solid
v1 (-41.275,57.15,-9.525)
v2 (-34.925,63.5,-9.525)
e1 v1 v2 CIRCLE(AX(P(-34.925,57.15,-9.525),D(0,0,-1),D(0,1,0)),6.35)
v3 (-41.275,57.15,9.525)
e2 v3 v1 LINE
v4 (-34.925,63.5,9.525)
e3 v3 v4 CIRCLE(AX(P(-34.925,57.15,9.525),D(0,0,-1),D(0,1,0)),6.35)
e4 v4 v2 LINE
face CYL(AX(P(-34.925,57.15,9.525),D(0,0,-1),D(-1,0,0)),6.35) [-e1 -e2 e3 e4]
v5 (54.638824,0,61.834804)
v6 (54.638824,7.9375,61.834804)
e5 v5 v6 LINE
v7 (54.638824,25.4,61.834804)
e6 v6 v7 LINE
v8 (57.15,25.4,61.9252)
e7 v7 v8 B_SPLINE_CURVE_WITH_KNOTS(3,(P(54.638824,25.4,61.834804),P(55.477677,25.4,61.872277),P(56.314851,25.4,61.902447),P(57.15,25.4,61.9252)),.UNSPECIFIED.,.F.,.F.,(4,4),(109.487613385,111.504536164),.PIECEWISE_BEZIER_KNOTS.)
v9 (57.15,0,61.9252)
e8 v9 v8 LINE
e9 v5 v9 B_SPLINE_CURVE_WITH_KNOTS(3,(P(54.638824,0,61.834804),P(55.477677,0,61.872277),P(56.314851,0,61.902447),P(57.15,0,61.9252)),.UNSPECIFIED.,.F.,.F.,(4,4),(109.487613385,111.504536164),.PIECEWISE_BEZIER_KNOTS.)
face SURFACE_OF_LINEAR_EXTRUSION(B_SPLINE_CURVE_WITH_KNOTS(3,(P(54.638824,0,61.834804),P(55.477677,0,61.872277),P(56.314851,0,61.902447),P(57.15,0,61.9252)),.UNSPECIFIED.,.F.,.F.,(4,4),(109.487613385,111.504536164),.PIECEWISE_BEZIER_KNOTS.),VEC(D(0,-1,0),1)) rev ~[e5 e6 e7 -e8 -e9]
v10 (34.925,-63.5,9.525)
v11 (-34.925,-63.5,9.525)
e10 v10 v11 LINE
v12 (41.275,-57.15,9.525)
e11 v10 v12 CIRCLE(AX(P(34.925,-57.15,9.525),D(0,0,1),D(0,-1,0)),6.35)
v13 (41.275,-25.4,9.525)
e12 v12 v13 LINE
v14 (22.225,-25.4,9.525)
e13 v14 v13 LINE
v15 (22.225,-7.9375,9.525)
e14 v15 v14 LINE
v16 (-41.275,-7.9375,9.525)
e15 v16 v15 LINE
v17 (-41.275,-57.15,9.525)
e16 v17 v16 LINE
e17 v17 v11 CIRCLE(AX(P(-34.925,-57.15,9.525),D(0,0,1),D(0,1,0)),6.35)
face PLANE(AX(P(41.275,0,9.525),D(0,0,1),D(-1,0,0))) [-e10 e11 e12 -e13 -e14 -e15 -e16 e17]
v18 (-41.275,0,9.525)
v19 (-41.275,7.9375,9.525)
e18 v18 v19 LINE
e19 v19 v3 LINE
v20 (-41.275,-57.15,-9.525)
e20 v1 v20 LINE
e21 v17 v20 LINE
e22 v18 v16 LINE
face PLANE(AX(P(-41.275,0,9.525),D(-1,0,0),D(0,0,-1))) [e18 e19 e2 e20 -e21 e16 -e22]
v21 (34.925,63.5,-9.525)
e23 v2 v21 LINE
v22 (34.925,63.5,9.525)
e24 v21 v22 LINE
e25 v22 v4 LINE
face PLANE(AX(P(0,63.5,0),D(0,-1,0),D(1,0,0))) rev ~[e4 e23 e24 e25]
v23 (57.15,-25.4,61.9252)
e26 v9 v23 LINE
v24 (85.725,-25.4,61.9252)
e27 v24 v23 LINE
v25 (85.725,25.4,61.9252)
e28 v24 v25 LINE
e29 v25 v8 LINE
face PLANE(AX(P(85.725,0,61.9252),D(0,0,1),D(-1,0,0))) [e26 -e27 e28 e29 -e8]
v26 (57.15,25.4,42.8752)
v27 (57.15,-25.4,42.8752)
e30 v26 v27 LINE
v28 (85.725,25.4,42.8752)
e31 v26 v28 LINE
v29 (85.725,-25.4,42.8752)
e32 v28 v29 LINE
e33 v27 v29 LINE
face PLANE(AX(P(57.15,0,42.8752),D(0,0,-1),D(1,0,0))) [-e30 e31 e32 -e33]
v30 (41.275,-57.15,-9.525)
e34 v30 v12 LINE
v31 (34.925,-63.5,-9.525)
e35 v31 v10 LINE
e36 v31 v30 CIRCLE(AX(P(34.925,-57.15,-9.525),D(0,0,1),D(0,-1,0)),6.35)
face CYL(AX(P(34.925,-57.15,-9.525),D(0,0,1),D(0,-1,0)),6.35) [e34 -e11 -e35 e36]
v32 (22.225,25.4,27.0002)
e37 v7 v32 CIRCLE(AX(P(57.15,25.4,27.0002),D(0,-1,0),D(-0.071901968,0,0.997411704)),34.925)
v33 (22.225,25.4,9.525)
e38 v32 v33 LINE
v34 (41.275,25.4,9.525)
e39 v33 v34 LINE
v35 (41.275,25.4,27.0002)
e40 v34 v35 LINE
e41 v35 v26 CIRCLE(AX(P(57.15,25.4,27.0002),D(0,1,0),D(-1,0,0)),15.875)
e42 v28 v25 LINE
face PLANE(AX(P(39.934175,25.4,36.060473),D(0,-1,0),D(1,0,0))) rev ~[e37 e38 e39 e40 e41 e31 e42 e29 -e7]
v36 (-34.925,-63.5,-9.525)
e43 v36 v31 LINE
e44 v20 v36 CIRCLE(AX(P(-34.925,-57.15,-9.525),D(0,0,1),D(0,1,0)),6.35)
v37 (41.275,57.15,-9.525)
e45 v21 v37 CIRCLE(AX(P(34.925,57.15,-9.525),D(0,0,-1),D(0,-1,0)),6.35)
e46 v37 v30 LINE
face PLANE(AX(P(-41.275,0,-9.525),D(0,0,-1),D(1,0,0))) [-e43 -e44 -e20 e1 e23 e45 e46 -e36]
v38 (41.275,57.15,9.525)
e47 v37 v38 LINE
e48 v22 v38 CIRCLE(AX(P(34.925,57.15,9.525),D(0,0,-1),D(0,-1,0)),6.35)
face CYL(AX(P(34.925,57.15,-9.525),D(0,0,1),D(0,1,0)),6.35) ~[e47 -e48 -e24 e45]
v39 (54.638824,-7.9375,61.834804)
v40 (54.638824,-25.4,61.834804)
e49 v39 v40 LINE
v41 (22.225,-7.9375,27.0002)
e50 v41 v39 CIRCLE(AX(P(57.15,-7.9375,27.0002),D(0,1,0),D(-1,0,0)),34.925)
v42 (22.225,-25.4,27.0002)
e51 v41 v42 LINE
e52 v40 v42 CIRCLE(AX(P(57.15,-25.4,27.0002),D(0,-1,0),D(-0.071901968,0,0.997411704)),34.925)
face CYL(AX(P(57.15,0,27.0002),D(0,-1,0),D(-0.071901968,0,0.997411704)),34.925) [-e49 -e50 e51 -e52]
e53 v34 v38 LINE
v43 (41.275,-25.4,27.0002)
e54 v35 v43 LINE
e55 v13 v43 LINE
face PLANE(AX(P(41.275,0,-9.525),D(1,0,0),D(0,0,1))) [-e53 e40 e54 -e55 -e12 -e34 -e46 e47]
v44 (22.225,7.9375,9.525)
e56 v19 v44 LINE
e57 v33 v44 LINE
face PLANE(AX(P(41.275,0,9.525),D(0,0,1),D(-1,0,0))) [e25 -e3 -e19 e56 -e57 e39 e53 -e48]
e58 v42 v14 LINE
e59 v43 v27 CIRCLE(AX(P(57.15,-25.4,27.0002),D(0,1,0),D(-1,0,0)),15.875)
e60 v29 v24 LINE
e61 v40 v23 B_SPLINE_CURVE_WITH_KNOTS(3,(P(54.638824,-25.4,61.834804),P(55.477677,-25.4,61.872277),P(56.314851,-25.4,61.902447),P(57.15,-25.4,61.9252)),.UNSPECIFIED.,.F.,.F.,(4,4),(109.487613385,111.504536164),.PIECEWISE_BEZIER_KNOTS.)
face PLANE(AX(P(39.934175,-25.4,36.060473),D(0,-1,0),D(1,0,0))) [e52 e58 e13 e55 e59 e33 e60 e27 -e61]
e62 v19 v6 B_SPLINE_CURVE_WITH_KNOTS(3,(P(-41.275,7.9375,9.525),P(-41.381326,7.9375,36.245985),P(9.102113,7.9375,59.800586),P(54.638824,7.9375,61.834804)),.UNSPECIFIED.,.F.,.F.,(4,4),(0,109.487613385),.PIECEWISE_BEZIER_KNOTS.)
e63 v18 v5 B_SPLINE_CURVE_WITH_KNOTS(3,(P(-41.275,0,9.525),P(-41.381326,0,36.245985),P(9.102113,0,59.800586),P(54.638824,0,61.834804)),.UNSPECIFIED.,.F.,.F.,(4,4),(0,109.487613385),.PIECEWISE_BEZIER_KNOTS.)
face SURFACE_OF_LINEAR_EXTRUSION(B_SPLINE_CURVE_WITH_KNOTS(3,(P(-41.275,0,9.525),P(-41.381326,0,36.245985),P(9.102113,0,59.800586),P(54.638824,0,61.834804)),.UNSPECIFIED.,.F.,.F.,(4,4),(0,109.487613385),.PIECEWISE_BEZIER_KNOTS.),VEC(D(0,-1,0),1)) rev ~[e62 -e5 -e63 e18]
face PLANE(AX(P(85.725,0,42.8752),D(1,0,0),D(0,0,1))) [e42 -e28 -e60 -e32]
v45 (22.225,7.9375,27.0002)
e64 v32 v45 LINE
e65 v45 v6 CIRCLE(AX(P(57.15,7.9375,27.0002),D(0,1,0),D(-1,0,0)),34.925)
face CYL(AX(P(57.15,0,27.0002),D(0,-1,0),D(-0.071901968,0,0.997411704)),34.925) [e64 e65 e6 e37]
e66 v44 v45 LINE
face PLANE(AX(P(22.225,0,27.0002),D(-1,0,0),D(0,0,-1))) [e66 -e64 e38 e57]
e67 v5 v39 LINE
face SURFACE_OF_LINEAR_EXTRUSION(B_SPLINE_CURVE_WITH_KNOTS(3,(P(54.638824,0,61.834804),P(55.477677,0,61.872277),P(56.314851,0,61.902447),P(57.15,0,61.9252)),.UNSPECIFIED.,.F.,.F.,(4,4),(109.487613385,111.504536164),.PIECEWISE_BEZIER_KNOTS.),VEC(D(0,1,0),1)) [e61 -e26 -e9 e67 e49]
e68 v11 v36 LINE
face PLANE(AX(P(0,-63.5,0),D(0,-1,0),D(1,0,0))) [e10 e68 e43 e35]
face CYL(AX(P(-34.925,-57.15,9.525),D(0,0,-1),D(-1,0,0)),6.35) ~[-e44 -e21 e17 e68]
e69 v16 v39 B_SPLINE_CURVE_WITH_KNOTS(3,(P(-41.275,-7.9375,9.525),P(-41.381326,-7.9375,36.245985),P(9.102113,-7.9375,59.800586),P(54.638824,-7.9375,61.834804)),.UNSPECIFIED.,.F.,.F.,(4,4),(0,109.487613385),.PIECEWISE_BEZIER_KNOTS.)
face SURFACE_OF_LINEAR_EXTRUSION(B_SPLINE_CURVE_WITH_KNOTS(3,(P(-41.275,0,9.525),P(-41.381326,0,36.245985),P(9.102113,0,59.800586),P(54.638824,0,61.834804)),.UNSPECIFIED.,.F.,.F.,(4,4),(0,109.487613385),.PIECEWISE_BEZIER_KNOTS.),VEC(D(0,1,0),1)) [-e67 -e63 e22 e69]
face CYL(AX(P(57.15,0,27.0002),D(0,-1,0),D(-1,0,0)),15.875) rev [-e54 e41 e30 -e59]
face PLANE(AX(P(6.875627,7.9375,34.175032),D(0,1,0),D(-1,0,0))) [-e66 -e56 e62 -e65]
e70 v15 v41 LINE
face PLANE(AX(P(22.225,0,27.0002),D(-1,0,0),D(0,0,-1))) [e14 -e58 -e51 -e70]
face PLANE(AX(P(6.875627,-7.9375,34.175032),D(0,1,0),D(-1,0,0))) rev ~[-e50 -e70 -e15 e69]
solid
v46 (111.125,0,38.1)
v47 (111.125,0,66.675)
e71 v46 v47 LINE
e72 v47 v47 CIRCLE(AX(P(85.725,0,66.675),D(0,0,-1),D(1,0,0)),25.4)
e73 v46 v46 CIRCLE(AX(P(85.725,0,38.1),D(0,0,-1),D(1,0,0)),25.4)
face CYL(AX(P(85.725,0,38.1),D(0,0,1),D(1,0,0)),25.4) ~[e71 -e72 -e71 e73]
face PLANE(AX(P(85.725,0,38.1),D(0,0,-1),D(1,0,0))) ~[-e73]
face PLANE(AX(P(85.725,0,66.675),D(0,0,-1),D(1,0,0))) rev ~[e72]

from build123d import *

# Parameters (mm, degrees)
F1_DEPTH = 63.5
F0_W     = 25.4
F0_H     = 19.05
F2_DEPTH = 25.4
F3_DEPTH = 7.9375
F5_R     = 6.35


with BuildPart() as f1:
    # F0 (on Front) → F1 (new body, symmetric)
    with BuildSketch(Plane.XZ):
        Polygon((22.225, 9.525), (-41.275, 9.525), (-41.275, -9.525), (41.275, -9.525), (41.275, 9.525), align=None)
    extrude(amount=F1_DEPTH, both=True)

    # F0 (on Front) → F2 (join, symmetric)
    with BuildSketch(Plane.XZ):
        with BuildLine():
            Line((22.225, 27.0002), (22.225, 9.525))
            Line((22.225, 9.525), (41.275, 9.525))
            Line((41.275, 9.525), (41.275, 27.0002))
            ThreePointArc((41.275, 27.0002), (45.9246798487, 38.2255201513), (57.15, 42.8752))
            Line((57.15, 42.8752), (60.325, 42.8752))
            Line((60.325, 42.8752), (60.325, 61.9252))
            Line((60.325, 61.9252), (57.15, 61.9252))
            add(Edge.make_bspline(
                [(54.638823753, 61.8348037563), (55.4776769028, 61.8722770374), (56.3148513776, 61.9024473643), (57.15, 61.9252)],
                knots=[109.4876133849, 109.4876133849, 109.4876133849, 109.4876133849, 111.5045361635, 111.5045361635, 111.5045361635, 111.5045361635], degree=3))
            ThreePointArc((54.638823753, 61.8348037563), (31.5818708601, 50.7915092806), (22.225, 27.0002))
        make_face()
        with Locations((73.025, 52.4002)):
            Rectangle(F0_W, F0_H)
    extrude(amount=F2_DEPTH, both=True)

    # F0 (on Front) → F3 (join, symmetric)
    with BuildSketch(Plane.XZ):
        with BuildLine():
            add(Edge.make_bspline(
                [(-41.275, 9.525), (-41.3813263871, 36.2459845146), (9.1021129136, 59.800586009), (54.638823753, 61.8348037563)],
                knots=[0, 0, 0, 0, 109.4876133849, 109.4876133849, 109.4876133849, 109.4876133849], degree=3))
            Line((-41.275, 9.525), (22.225, 9.525))
            Line((22.225, 9.525), (22.225, 27.0002))
            ThreePointArc((22.225, 27.0002), (31.5818708601, 50.7915092806), (54.638823753, 61.8348037563))
        make_face()
    extrude(amount=F3_DEPTH, both=True)

    # F5
    f5_edges = [f1.edges().sort_by_distance(p)[0] for p in [
        (41.275, -63.5, 0),
        (-41.275, -63.5, 0),
        (-41.275, 63.5, 0),
        (41.275, 63.5, 0),
    ]]
    fillet(f5_edges, radius=F5_R)


with BuildPart() as f4:
    # F0 (on Front) → F4 (revolve)
    with BuildSketch(Plane.XZ):
        Polygon((85.725, 66.675), (85.725, 61.9252), (85.725, 42.8752), (85.725, 38.1), (111.125, 38.1), (111.125, 66.675), align=None)
    revolve(axis=Axis((85.725, 0, 52.4002), (0, 0, -1)))


solid = Compound([f1.part, f4.part])
